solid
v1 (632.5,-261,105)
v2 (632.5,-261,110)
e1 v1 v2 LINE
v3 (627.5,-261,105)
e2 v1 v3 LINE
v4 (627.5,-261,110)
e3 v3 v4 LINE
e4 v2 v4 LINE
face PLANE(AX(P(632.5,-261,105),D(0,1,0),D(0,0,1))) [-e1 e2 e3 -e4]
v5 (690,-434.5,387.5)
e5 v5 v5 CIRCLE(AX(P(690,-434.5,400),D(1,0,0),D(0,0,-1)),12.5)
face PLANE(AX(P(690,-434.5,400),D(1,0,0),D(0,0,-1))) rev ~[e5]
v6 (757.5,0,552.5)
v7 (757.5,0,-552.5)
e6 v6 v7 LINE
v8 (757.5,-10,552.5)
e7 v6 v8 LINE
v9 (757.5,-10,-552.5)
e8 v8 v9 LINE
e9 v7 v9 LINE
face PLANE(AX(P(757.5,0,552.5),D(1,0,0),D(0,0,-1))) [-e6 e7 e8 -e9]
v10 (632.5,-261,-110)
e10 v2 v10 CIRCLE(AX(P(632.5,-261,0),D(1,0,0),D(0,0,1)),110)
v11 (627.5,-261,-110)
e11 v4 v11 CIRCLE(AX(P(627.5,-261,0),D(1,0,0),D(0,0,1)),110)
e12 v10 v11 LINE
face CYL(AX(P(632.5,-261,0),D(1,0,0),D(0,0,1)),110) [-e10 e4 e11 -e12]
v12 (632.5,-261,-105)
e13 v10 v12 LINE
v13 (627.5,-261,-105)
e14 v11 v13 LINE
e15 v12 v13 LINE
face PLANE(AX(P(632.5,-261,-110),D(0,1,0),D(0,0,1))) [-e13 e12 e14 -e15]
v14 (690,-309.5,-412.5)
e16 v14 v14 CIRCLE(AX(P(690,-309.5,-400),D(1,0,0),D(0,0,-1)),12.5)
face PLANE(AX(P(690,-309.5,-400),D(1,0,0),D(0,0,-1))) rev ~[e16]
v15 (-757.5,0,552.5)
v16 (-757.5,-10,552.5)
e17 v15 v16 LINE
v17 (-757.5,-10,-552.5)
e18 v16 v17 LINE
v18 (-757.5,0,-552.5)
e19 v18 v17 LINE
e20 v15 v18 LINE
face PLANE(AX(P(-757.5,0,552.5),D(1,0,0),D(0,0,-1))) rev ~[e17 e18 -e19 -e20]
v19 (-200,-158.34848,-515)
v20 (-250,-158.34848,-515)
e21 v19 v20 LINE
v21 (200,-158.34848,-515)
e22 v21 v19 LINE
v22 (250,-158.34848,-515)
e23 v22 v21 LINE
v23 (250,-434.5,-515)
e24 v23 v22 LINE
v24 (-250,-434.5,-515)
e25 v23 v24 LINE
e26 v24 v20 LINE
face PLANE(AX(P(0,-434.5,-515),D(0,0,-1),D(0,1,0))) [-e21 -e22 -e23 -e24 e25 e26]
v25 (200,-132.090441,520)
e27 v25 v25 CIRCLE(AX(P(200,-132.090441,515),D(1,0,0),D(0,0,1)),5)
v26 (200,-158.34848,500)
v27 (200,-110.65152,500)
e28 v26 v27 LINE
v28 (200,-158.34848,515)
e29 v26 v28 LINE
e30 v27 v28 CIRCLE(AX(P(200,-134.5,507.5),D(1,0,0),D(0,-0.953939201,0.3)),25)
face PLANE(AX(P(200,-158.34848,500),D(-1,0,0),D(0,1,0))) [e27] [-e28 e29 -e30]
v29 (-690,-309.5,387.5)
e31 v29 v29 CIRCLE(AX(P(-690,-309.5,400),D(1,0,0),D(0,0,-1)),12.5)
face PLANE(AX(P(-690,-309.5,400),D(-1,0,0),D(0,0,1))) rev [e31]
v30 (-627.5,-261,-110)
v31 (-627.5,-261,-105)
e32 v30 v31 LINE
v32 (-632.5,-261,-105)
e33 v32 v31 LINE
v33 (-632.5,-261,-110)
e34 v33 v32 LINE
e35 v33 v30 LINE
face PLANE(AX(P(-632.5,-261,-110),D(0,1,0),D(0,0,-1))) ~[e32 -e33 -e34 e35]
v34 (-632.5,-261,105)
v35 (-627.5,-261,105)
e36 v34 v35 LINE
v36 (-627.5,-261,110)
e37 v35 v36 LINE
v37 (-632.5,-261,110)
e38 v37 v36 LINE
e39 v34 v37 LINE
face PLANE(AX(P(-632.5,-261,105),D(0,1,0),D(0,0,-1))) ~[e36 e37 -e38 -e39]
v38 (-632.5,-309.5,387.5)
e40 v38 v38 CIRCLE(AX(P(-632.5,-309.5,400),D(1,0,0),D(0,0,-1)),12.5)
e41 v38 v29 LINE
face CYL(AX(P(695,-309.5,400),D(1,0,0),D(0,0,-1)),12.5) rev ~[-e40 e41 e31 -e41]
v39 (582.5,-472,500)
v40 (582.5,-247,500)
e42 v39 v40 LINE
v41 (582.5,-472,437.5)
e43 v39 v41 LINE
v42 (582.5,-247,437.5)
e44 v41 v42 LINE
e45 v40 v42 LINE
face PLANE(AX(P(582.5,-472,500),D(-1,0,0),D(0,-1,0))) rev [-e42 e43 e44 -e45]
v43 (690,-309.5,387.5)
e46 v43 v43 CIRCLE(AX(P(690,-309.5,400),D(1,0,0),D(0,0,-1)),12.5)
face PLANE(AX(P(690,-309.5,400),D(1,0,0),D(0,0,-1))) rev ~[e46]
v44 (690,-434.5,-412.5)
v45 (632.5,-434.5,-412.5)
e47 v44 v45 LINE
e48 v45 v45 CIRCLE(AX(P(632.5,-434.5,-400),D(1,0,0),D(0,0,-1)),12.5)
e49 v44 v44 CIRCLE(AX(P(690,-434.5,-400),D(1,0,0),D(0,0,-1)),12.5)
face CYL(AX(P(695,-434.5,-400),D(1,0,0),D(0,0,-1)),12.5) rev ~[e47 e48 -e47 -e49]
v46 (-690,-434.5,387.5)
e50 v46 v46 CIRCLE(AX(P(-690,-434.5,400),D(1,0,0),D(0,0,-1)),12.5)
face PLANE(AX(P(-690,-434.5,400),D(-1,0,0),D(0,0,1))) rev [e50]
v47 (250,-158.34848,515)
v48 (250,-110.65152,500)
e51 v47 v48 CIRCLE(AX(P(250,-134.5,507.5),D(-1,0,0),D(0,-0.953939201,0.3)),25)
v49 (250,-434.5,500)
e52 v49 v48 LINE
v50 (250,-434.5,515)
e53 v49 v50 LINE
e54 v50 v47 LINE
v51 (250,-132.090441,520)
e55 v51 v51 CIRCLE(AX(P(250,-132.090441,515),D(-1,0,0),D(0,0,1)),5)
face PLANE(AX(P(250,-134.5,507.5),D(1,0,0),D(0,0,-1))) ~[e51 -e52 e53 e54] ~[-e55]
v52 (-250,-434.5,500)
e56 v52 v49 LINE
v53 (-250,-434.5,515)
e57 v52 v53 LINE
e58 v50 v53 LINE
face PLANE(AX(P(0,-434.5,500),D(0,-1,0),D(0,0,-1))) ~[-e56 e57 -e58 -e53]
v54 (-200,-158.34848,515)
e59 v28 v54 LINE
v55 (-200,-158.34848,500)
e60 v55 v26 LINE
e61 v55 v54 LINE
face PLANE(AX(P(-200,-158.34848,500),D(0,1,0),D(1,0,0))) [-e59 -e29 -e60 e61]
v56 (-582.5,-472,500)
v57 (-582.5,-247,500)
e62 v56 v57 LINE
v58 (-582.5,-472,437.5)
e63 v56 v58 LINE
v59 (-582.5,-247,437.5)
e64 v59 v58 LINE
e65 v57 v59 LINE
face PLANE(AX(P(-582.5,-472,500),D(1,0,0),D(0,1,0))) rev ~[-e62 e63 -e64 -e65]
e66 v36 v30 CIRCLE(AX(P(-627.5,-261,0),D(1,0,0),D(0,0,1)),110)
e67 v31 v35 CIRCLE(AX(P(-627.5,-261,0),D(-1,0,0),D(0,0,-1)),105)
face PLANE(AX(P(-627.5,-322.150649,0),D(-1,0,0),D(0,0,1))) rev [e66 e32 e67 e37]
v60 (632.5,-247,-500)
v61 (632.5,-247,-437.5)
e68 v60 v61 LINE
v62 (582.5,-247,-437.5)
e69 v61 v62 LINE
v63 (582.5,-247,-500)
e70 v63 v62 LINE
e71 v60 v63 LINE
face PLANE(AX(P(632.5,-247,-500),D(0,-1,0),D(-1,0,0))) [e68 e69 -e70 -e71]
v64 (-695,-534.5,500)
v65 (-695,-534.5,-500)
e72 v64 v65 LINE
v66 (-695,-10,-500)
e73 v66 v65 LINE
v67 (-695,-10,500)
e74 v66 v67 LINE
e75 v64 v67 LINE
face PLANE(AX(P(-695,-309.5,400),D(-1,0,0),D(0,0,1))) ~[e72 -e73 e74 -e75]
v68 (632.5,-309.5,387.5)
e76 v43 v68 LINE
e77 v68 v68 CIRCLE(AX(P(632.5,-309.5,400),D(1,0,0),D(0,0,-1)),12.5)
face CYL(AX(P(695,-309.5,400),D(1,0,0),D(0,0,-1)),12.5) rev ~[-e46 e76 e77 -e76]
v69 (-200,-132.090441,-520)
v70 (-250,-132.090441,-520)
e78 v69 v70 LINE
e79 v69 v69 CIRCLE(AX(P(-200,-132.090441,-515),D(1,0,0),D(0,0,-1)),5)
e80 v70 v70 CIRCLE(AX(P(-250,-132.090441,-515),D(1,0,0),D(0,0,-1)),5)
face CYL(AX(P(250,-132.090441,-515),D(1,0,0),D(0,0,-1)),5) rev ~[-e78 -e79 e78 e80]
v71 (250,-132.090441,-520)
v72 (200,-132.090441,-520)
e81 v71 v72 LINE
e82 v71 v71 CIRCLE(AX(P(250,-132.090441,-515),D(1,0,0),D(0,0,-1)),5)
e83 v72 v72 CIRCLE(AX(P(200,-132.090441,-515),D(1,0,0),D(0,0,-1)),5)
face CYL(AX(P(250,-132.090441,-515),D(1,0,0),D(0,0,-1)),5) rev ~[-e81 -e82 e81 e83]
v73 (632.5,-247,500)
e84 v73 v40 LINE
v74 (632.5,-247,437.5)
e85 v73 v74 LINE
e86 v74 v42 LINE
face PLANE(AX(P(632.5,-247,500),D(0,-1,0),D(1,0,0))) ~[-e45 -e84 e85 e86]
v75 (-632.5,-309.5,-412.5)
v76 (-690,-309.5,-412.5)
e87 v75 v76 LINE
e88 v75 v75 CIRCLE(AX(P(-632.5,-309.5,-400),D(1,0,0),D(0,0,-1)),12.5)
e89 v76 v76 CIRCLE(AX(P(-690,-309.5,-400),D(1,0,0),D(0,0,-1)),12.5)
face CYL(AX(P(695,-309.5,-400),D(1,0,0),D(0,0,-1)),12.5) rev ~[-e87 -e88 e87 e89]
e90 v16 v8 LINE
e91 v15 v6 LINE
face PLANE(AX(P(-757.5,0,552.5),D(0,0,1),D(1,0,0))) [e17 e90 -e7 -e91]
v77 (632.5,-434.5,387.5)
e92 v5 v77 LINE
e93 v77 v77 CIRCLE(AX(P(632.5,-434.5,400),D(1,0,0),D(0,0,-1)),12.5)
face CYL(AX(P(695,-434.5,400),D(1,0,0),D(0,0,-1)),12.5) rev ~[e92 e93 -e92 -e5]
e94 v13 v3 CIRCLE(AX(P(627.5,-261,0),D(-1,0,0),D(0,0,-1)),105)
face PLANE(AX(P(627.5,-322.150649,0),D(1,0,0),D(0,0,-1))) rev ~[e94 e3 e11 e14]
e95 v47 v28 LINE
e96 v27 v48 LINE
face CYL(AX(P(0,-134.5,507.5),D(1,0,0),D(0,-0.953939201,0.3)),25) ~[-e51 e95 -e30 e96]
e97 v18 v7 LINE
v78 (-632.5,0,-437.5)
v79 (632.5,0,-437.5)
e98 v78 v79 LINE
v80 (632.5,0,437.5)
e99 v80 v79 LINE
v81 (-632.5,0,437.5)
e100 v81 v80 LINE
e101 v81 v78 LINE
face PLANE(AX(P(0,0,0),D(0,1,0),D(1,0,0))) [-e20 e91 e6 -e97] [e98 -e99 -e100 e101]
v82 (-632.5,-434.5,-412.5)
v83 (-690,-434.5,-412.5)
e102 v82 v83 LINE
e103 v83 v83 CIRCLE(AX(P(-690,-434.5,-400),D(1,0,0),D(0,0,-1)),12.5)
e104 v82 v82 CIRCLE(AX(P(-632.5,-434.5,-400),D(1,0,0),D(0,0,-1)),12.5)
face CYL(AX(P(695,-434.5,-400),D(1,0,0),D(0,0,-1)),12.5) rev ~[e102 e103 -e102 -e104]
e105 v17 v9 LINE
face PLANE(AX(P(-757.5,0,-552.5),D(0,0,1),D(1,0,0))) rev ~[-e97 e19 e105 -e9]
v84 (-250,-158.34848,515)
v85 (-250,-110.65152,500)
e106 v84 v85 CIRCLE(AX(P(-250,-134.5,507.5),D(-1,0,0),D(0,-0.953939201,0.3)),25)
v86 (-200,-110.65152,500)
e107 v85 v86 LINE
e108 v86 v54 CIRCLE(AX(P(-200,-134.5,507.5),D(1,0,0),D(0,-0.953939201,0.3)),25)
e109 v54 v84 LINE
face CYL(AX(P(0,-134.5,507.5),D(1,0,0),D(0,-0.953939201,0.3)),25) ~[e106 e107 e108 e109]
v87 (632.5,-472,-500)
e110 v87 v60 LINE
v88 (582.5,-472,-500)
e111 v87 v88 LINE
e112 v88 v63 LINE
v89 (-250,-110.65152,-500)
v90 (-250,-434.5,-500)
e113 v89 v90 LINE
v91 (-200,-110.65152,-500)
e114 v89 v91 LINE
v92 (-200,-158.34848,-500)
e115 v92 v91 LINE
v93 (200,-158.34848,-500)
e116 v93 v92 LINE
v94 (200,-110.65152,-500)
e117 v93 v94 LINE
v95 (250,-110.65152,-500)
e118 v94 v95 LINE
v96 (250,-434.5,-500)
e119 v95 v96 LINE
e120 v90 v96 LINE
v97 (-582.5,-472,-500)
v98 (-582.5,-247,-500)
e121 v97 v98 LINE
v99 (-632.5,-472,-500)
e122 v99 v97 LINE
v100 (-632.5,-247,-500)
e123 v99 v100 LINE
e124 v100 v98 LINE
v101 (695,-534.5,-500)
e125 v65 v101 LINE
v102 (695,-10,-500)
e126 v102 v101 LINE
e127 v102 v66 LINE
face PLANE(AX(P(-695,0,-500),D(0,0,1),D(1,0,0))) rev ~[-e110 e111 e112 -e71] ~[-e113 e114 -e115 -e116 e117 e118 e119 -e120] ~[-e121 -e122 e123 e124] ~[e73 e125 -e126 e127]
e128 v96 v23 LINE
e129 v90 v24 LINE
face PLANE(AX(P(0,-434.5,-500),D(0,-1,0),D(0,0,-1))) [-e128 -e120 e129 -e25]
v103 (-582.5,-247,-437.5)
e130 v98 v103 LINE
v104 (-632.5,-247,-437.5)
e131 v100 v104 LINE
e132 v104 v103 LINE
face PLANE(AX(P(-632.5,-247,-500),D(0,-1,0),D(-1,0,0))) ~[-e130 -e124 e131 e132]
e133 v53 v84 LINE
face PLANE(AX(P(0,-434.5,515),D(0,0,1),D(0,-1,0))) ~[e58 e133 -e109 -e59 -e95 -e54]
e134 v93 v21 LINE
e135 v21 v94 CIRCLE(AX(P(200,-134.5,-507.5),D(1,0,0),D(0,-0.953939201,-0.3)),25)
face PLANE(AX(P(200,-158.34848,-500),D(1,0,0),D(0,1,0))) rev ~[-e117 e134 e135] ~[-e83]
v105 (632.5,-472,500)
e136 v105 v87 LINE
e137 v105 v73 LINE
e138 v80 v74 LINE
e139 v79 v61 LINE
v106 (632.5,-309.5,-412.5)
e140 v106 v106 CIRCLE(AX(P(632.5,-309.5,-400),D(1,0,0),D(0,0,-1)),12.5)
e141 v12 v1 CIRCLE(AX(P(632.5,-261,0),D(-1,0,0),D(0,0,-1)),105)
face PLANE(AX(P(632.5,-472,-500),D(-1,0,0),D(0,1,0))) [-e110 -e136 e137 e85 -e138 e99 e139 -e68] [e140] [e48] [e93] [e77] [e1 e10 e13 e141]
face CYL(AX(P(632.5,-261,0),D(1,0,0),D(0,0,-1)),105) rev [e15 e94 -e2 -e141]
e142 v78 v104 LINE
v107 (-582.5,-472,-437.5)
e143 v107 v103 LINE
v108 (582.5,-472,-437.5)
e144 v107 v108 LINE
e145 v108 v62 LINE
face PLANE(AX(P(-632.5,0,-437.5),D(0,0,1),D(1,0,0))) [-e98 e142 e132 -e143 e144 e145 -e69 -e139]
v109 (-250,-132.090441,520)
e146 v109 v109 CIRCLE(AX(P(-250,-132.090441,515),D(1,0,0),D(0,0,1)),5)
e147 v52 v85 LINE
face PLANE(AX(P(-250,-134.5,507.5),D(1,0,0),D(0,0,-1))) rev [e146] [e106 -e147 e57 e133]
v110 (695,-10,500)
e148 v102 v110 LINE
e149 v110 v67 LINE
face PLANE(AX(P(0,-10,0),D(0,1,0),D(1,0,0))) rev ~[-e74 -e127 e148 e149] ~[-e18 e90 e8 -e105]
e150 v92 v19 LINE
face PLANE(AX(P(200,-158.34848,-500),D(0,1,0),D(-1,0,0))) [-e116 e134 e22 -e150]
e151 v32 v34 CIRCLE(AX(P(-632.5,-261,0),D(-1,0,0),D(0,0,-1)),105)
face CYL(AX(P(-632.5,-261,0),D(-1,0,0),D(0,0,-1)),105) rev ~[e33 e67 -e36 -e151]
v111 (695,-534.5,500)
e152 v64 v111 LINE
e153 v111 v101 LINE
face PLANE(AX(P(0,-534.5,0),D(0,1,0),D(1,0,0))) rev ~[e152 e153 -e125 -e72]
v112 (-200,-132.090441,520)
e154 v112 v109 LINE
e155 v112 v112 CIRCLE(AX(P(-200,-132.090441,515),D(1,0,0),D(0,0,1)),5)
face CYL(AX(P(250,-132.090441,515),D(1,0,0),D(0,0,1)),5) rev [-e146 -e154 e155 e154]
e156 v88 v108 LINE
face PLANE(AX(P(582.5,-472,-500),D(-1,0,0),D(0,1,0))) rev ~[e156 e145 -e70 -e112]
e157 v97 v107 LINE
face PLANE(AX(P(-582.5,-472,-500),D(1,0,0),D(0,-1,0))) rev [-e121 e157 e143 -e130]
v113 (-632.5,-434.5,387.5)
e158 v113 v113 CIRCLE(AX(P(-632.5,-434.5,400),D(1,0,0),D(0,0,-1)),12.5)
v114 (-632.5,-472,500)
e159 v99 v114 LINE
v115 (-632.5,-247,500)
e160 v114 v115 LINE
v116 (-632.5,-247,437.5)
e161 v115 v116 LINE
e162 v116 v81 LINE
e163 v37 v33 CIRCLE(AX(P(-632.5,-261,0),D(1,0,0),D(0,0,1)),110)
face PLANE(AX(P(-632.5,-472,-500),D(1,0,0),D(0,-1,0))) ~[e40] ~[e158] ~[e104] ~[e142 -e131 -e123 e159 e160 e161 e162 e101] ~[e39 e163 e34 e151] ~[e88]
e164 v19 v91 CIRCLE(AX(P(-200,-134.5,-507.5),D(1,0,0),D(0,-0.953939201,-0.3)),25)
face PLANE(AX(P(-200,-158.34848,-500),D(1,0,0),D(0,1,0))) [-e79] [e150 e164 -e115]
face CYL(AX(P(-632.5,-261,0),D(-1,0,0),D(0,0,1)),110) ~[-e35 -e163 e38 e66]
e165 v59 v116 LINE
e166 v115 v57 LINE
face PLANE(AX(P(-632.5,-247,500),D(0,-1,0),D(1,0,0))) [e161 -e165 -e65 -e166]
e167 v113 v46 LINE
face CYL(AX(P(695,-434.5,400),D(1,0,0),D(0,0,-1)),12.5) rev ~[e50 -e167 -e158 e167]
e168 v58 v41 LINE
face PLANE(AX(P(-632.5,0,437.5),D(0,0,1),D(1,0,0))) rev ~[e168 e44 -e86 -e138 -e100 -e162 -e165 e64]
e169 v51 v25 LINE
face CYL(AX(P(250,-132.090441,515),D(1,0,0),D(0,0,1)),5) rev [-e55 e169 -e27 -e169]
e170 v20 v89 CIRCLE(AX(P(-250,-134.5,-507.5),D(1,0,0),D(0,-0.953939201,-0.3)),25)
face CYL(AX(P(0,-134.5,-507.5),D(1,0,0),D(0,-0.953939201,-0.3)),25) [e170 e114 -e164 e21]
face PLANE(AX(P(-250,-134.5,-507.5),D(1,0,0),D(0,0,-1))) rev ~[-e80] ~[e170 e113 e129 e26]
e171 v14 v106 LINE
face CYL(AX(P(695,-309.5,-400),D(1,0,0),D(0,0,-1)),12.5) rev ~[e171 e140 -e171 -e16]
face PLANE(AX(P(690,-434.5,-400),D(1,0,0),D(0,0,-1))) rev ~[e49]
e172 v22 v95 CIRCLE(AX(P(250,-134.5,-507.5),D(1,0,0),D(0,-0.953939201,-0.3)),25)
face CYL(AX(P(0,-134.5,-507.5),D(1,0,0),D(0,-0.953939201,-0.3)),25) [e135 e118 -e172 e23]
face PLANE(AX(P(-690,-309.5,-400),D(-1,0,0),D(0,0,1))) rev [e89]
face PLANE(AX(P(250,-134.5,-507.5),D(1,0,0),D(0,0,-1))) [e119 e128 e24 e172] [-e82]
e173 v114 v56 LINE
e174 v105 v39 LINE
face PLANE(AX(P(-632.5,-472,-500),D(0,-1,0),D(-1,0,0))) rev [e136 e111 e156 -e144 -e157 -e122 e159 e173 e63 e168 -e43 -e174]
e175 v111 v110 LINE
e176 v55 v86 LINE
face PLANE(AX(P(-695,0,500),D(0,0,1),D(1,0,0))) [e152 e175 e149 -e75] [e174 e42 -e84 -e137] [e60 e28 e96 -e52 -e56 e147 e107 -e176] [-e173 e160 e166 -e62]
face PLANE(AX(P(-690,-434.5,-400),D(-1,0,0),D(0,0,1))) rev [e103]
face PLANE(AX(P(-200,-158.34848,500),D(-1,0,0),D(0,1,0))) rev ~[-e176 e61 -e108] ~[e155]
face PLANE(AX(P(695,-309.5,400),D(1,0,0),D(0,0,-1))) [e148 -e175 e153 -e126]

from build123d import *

# Parameters (mm, degrees)
SKETCH2_W                   = 1390
SKETCH2_H                   = 1000
SKETCH2_W_2                 = 1265
SKETCH2_H_2                 = 875
BOSS_EXTRUDE1_DEPTH         = 534.5
SKETCH3_W                   = 1390
SKETCH3_H                   = 1000
BOSS_EXTRUDE2_DEPTH         = 62.5
MMRTG_START                 = -62.5
MMRTG_HOLDER_DEPTH          = 5
SKETCH5_R                   = 12.5
SUSPENSION_BOLT_HOLES_DEPTH = 1571.920192117
CONTROL_ARM_CUTOUT_REACH    = 1331.931
SKETCH6_W                   = 50
SKETCH6_H                   = 225
MIRROR3_COPY_1_REACH        = 1331.931
MIRROR3_COPY_1_SKETCH_W     = 50
MIRROR3_COPY_1_SKETCH_H     = 225
SKETCH7_W                   = 1515
SKETCH7_H                   = 1105
SKETCH7_W_2                 = 1265
SKETCH7_H_2                 = 875
ATTACHROVERFLANGE_DEPTH     = 10
SKETCH11_R                  = 12.5
BOSS_EXTRUDE3_DEPTH         = 5
SKETCH13_R                  = 25
SKETCH13_W                  = 15
SKETCH13_H                  = 300
BOSS_EXTRUDE4_DEPTH         = 250
CUT_EXTRUDE1_DEPTH          = 250
CUT_EXTRUDE1_DEPTH_BACK     = 15
SKETCH14_W                  = 400
SKETCH14_H                  = 55.53291541
CUT_EXTRUDE2_REACH          = 1269.282
SKETCH15_R                  = 5
SKETCH16_W                  = 400
SKETCH16_H                  = 66.742444313
CUT_EXTRUDE3_DEPTH          = 607


with BuildPart() as part:
    # Sketch2 → Boss-Extrude1 (new body)
    with BuildSketch(Plane(origin=(0, 0, 0), x_dir=(1, 0, 0), z_dir=(0, 1, 0))):
        Rectangle(SKETCH2_W, SKETCH2_H)
        Rectangle(SKETCH2_W_2, SKETCH2_H_2, mode=Mode.SUBTRACT)
    extrude(amount=-BOSS_EXTRUDE1_DEPTH)

    # Sketch3 → Boss-Extrude2 (add)
    with BuildSketch(Plane.XZ.offset(534.5)):
        Rectangle(SKETCH3_W, SKETCH3_H)
    extrude(amount=-BOSS_EXTRUDE2_DEPTH)

    # Sketch4 → MMRTG Holder (add)
    with BuildSketch(Plane(origin=(695, 0, 0), x_dir=(0, 0, -1), z_dir=(1, 0, 0)).offset(MMRTG_START)):
        with BuildLine():
            Line((-105, -261), (-110, -261))
            ThreePointArc((-110, -261), (0, -371), (110, -261))
            Line((110, -261), (105, -261))
            ThreePointArc((105, -261), (0, -366), (-105, -261))
        make_face()
    mmrtg_holder = extrude(amount=-MMRTG_HOLDER_DEPTH)

    # Mirror1: MMRTG Holder across plane
    add(mmrtg_holder.mirror(Plane(origin=(0, 0, 0), x_dir=(0, 0, 1), z_dir=(1, 0, 0))))

    # Sketch5 → Suspension Bolt Holes (cut, through all)
    with BuildSketch(Plane(origin=(695, 0, 0), x_dir=(0, 0, -1), z_dir=(1, 0, 0))):
        with Locations((-400, -309.5)):
            Circle(SKETCH5_R)
        with Locations((-400, -434.5)):
            Circle(SKETCH5_R)
        with Locations((400, -434.5)):
            Circle(SKETCH5_R)
        with Locations((400, -309.5)):
            Circle(SKETCH5_R)
    extrude(amount=-SUSPENSION_BOLT_HOLES_DEPTH, mode=Mode.SUBTRACT)

    # Sketch6 → Control Arm Cutout (cut, up to next)
    with BuildSketch(Plane(origin=(0, 0, -500), x_dir=(-1, 0, 0), z_dir=(0, 0, -1)), mode=Mode.PRIVATE) as control_arm_cutout_sk1:
        with Locations((-607.5, -359.5)):
            Rectangle(SKETCH6_W, SKETCH6_H)
    control_arm_cutout_tool1 = extrude(control_arm_cutout_sk1.sketch, amount=-CONTROL_ARM_CUTOUT_REACH, mode=Mode.PRIVATE) & part.part
    control_arm_cutout = control_arm_cutout_tool1.solids().sort_by_distance((607.5, -359.5, -500))[0]
    add(control_arm_cutout, mode=Mode.SUBTRACT)

    # Mirror2: Control Arm Cutout across plane
    add(control_arm_cutout.mirror(Plane(origin=(0, 0, 0), x_dir=(0, 0, 1), z_dir=(1, 0, 0))), mode=Mode.SUBTRACT)

    # Mirror3: Control Arm Cutout across plane
    add(control_arm_cutout.mirror(Plane.XY), mode=Mode.SUBTRACT)

    # Mirror3 copy 1 sketch → Mirror3 copy 1 (cut, up to next)
    with BuildSketch(Plane.XY.offset(500), mode=Mode.PRIVATE) as mirror3_copy_1_sk1:
        with Locations((-607.5, -359.5)):
            Rectangle(MIRROR3_COPY_1_SKETCH_W, MIRROR3_COPY_1_SKETCH_H)
    mirror3_copy_1_tool1 = extrude(mirror3_copy_1_sk1.sketch, amount=-MIRROR3_COPY_1_REACH, mode=Mode.PRIVATE) & part.part
    add(mirror3_copy_1_tool1.solids().sort_by_distance((-607.5, -359.5, 500))[0], mode=Mode.SUBTRACT)

    # Sketch7 → AttachRoverFlange (add)
    with BuildSketch(Plane(origin=(0, 0, 0), x_dir=(1, 0, 0), z_dir=(0, 1, 0))):
        Rectangle(SKETCH7_W, SKETCH7_H)
        Rectangle(SKETCH7_W_2, SKETCH7_H_2, mode=Mode.SUBTRACT)
    extrude(amount=-ATTACHROVERFLANGE_DEPTH)

    # Sketch11 → Boss-Extrude3 (add)
    with BuildSketch(Plane(origin=(695, 0, 0), x_dir=(0, 0, -1), z_dir=(1, 0, 0))):
        with Locations((-400, -309.5)):
            Circle(SKETCH11_R)
        with Locations((-400, -434.5)):
            Circle(SKETCH11_R)
        with Locations((400, -309.5)):
            Circle(SKETCH11_R)
        with Locations((400, -434.5)):
            Circle(SKETCH11_R)
    boss_extrude3 = extrude(amount=-BOSS_EXTRUDE3_DEPTH)

    # Mirror4: Boss-Extrude3 across plane
    add(boss_extrude3.mirror(Plane(origin=(0, 0, 0), x_dir=(0, 0, 1), z_dir=(1, 0, 0))))

    # Sketch13 → Boss-Extrude4 (add, symmetric)
    with BuildSketch(Plane(origin=(0, 0, 0), x_dir=(0, 0, -1), z_dir=(1, 0, 0))):
        with Locations((507.5, -134.5)):
            Circle(SKETCH13_R)
        with Locations((507.5, -284.5)):
            Rectangle(SKETCH13_W, SKETCH13_H)
    boss_extrude4 = extrude(amount=BOSS_EXTRUDE4_DEPTH, both=True)

    # Sketch14 → Cut-Extrude1 (cut, two sides: drawn at the far end of the back side and taken through both)
    with BuildSketch(Plane(origin=(0, 0, -515), x_dir=(-1, 0, 0), z_dir=(0, 0, -1)).offset(-CUT_EXTRUDE1_DEPTH_BACK)):
        with Locations((0, -130.58202233)):
            Rectangle(SKETCH14_W, SKETCH14_H)
    extrude(amount=CUT_EXTRUDE1_DEPTH + CUT_EXTRUDE1_DEPTH_BACK, mode=Mode.SUBTRACT)

    # Cut-Extrude2: up to this face of the body (flat: up to its plane)
    cut_extrude2_end = Plane(part.part.faces().sort_by_distance((-695, -272.25, 0))[0])
    # Sketch15 → Cut-Extrude2 (cut, up to the picked face)
    with BuildSketch(Plane(origin=(250, 0, 0), x_dir=(0, 0, -1), z_dir=(1, 0, 0)), mode=Mode.PRIVATE) as cut_extrude2_sk1:
        with Locations((515, -132.090441405)):
            Circle(SKETCH15_R)
    cut_extrude2_tool1 = split(extrude(cut_extrude2_sk1.sketch, amount=-CUT_EXTRUDE2_REACH, mode=Mode.PRIVATE), bisect_by=cut_extrude2_end, keep=Keep.BOTH, mode=Mode.PRIVATE)
    cut_extrude2 = cut_extrude2_tool1.solids().sort_by(Axis((250, -132.090441, -515), (-1, 0, 0)))[0]
    add(cut_extrude2, mode=Mode.SUBTRACT)

    # Mirror6: Boss-Extrude4, Cut-Extrude2 across plane
    add(boss_extrude4.mirror(Plane.XY))
    add(cut_extrude2.mirror(Plane.XY), mode=Mode.SUBTRACT)

    # Sketch16 → Cut-Extrude3 (cut)
    with BuildSketch(Plane.XY.offset(500)):
        with Locations((0, -124.977257879)):
            Rectangle(SKETCH16_W, SKETCH16_H)
    extrude(amount=CUT_EXTRUDE3_DEPTH, mode=Mode.SUBTRACT)


solid = part.part
